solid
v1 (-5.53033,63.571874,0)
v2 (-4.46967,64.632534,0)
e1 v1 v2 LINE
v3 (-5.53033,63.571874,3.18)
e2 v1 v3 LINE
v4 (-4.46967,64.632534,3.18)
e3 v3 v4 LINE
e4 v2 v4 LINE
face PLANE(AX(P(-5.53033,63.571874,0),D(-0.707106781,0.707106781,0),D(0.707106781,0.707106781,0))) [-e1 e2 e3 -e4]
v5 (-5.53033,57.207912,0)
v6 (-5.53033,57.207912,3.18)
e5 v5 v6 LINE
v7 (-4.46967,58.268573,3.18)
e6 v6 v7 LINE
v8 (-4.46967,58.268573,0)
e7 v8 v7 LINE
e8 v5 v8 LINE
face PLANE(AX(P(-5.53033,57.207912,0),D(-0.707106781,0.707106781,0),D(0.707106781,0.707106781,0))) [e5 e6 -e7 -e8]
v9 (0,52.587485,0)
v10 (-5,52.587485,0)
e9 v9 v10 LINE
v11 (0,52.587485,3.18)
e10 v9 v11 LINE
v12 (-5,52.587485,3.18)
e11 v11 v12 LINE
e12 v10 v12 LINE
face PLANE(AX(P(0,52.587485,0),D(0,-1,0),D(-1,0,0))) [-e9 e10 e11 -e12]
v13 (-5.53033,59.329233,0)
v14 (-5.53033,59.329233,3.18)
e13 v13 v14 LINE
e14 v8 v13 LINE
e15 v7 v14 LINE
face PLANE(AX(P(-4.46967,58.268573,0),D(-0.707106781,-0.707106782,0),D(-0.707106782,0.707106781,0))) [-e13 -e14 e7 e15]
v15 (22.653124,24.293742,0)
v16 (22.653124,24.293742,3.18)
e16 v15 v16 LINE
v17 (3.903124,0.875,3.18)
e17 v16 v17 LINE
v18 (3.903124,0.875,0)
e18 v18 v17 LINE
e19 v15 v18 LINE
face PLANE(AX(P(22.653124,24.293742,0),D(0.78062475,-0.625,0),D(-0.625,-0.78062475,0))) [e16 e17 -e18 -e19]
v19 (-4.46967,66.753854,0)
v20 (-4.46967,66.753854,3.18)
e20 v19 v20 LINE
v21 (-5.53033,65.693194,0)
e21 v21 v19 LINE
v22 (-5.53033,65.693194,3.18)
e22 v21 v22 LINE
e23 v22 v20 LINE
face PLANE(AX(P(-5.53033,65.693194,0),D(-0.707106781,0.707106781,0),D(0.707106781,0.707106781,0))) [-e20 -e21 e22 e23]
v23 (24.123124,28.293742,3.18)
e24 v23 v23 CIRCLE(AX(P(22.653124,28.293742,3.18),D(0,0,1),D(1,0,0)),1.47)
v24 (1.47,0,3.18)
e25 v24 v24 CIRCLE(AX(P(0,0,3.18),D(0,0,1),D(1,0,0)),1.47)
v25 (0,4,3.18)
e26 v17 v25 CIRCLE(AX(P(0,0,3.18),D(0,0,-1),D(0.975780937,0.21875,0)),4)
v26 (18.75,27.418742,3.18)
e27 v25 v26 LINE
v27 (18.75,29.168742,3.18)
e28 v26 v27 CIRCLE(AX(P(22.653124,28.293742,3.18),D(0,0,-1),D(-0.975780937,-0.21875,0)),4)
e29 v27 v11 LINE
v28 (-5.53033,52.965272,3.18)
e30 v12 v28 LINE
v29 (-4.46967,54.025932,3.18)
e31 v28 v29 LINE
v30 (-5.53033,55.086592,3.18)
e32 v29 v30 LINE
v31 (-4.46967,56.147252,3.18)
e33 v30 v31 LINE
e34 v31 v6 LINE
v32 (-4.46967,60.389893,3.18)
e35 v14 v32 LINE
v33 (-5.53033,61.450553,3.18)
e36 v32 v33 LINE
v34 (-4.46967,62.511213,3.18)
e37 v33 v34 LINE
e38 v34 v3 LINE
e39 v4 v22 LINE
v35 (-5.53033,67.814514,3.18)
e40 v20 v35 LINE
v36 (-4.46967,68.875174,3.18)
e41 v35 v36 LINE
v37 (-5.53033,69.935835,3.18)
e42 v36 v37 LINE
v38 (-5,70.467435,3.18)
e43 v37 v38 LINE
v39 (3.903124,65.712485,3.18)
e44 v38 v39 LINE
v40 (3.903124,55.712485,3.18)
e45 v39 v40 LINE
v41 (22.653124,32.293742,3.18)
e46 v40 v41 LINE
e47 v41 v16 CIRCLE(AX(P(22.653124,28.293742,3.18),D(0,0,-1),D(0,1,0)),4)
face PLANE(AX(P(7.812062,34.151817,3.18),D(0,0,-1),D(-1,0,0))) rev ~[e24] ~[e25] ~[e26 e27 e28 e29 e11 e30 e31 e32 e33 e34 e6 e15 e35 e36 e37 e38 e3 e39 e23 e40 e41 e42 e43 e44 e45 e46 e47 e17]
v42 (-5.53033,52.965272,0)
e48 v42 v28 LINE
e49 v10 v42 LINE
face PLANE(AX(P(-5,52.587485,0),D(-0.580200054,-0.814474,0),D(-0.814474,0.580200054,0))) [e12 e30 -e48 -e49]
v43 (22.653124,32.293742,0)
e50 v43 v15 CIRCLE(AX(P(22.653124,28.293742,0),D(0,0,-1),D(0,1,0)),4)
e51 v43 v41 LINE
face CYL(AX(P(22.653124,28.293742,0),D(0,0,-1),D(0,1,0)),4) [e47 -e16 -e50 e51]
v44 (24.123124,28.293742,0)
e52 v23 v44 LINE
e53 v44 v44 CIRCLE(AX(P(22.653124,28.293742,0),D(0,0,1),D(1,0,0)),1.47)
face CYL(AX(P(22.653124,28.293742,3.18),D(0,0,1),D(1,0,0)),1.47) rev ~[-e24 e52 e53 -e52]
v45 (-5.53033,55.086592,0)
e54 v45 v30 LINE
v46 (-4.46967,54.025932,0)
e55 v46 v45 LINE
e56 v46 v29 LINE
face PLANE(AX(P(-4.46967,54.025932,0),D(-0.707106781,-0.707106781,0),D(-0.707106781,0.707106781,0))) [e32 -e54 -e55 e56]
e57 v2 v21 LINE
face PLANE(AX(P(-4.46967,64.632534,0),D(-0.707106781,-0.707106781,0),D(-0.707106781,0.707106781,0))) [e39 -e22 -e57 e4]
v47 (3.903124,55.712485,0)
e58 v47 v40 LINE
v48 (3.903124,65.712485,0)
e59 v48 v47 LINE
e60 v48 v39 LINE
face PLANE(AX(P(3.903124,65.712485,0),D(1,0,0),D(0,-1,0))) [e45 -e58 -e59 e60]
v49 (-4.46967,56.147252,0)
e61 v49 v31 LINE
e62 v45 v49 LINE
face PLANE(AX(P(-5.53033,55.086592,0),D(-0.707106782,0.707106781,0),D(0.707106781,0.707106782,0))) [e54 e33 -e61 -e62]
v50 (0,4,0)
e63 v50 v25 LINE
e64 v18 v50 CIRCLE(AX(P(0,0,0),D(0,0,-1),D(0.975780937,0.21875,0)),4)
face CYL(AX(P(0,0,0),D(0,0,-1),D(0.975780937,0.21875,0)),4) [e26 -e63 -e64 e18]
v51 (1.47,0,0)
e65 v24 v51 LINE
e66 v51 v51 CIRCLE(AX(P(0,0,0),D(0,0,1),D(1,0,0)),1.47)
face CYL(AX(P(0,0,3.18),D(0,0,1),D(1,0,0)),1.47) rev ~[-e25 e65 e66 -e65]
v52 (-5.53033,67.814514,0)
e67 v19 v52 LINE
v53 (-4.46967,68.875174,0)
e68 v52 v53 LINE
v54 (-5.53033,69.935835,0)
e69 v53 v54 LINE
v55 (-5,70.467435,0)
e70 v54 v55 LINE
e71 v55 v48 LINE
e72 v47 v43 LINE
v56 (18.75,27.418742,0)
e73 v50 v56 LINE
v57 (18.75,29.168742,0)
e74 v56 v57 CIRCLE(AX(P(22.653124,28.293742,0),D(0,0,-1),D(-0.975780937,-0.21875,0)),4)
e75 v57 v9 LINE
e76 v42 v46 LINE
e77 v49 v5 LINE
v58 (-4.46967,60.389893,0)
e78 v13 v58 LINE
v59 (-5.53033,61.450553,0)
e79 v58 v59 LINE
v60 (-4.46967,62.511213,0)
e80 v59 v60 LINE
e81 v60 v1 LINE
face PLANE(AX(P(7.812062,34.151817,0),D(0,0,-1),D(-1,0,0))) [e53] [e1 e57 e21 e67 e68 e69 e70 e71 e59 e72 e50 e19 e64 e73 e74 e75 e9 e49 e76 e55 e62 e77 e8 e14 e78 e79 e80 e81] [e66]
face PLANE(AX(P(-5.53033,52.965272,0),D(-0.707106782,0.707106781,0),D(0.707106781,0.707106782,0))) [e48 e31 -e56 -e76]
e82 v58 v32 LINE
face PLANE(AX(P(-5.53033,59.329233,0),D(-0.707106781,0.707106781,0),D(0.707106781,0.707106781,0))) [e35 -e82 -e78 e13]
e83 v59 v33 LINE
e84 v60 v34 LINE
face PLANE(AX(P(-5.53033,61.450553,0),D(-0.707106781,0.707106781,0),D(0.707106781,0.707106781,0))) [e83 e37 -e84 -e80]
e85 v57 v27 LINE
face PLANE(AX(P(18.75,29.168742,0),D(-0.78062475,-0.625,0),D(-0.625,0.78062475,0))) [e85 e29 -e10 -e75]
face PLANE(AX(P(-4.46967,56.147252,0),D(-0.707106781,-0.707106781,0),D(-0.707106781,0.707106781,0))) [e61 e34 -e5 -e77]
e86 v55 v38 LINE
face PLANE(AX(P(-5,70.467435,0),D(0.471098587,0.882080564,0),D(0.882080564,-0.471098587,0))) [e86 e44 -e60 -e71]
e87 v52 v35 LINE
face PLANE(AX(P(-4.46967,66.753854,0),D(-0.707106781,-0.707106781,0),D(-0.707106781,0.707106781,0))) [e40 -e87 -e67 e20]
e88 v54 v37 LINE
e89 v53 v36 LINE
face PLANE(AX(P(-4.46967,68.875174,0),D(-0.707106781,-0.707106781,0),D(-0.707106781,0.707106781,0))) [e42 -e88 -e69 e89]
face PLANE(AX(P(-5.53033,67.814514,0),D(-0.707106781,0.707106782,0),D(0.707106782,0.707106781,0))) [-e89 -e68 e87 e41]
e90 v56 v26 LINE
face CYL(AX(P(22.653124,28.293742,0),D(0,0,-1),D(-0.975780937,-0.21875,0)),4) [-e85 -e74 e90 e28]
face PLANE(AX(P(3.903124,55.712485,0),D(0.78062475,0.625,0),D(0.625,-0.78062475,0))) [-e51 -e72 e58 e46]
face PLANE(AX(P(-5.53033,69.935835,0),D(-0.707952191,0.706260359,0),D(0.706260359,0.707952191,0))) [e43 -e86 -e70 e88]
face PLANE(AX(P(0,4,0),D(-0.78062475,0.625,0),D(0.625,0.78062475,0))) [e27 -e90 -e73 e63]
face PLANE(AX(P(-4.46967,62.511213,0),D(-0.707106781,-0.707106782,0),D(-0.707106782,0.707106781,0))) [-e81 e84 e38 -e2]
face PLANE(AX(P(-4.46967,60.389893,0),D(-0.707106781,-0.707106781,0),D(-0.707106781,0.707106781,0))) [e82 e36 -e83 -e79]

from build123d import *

# Parameters (mm, degrees)
BOSS_EXTRUDE1_DEPTH = 3.18
SKETCH2_R           = 1.47
CUT_EXTRUDE1_DEPTH  = 76.406636354


with BuildPart() as part:
    # Sketch1 → Boss-Extrude1 (new body)
    with BuildSketch(Plane.XY):
        with BuildLine():
            Line((0, 4), (18.75, 27.418742494))
            ThreePointArc((18.75, 27.418742494), (18.653123749, 28.293742494), (18.75, 29.168742494))
            Line((18.75, 29.168742494), (0, 52.587484988))
            Line((0, 52.587484988), (-5, 52.587484988))
            Line((-5, 52.587484988), (-5.530330085, 52.96527181))
            Line((-5.530330085, 52.96527181), (-4.469669914, 54.025931982))
            Line((-4.469669914, 54.025931982), (-5.530330085, 55.086592153))
            Line((-5.530330085, 55.086592153), (-4.469669914, 56.147252325))
            Line((-4.469669914, 56.147252325), (-5.530330086, 57.207912497))
            Line((-5.530330086, 57.207912497), (-4.469669914, 58.268572669))
            Line((-4.469669914, 58.268572669), (-5.530330086, 59.32923284))
            Line((-5.530330086, 59.32923284), (-4.469669914, 60.389893012))
            Line((-4.469669914, 60.389893012), (-5.530330086, 61.450553184))
            Line((-5.530330086, 61.450553184), (-4.469669914, 62.511213356))
            Line((-4.469669914, 62.511213356), (-5.530330086, 63.571873527))
            Line((-5.530330086, 63.571873527), (-4.469669914, 64.632533699))
            Line((-4.469669914, 64.632533699), (-5.530330086, 65.693193871))
            Line((-5.530330086, 65.693193871), (-4.469669914, 66.753854043))
            Line((-4.469669914, 66.753854043), (-5.530330086, 67.814514215))
            Line((-5.530330086, 67.814514215), (-4.469669914, 68.875174386))
            Line((-4.469669914, 68.875174386), (-5.530330086, 69.935834558))
            Line((-5.530330086, 69.935834558), (-5.000000002, 70.467435037))
            Line((-5.000000002, 70.467435037), (3.903123749, 65.712484988))
            Line((3.903123749, 65.712484988), (3.903123749, 55.712484988))
            Line((3.903123749, 55.712484988), (22.653123749, 32.293742494))
            ThreePointArc((22.653123749, 32.293742494), (26.653123749, 28.293742494), (22.653123749, 24.293742494))
            Line((22.653123749, 24.293742494), (3.903123749, 0.875))
            ThreePointArc((3.903123749, 0.875), (-2.5, -3.122498999), (0, 4))
        make_face()
    extrude(amount=BOSS_EXTRUDE1_DEPTH)

    # Sketch2 → Cut-Extrude1 (cut, through all)
    with BuildSketch(Plane.XY.offset(3.18)):
        with Locations((22.653123749, 28.293742494)):
            Circle(SKETCH2_R)
        Circle(SKETCH2_R)
    extrude(amount=-CUT_EXTRUDE1_DEPTH, mode=Mode.SUBTRACT)


solid = part.part
